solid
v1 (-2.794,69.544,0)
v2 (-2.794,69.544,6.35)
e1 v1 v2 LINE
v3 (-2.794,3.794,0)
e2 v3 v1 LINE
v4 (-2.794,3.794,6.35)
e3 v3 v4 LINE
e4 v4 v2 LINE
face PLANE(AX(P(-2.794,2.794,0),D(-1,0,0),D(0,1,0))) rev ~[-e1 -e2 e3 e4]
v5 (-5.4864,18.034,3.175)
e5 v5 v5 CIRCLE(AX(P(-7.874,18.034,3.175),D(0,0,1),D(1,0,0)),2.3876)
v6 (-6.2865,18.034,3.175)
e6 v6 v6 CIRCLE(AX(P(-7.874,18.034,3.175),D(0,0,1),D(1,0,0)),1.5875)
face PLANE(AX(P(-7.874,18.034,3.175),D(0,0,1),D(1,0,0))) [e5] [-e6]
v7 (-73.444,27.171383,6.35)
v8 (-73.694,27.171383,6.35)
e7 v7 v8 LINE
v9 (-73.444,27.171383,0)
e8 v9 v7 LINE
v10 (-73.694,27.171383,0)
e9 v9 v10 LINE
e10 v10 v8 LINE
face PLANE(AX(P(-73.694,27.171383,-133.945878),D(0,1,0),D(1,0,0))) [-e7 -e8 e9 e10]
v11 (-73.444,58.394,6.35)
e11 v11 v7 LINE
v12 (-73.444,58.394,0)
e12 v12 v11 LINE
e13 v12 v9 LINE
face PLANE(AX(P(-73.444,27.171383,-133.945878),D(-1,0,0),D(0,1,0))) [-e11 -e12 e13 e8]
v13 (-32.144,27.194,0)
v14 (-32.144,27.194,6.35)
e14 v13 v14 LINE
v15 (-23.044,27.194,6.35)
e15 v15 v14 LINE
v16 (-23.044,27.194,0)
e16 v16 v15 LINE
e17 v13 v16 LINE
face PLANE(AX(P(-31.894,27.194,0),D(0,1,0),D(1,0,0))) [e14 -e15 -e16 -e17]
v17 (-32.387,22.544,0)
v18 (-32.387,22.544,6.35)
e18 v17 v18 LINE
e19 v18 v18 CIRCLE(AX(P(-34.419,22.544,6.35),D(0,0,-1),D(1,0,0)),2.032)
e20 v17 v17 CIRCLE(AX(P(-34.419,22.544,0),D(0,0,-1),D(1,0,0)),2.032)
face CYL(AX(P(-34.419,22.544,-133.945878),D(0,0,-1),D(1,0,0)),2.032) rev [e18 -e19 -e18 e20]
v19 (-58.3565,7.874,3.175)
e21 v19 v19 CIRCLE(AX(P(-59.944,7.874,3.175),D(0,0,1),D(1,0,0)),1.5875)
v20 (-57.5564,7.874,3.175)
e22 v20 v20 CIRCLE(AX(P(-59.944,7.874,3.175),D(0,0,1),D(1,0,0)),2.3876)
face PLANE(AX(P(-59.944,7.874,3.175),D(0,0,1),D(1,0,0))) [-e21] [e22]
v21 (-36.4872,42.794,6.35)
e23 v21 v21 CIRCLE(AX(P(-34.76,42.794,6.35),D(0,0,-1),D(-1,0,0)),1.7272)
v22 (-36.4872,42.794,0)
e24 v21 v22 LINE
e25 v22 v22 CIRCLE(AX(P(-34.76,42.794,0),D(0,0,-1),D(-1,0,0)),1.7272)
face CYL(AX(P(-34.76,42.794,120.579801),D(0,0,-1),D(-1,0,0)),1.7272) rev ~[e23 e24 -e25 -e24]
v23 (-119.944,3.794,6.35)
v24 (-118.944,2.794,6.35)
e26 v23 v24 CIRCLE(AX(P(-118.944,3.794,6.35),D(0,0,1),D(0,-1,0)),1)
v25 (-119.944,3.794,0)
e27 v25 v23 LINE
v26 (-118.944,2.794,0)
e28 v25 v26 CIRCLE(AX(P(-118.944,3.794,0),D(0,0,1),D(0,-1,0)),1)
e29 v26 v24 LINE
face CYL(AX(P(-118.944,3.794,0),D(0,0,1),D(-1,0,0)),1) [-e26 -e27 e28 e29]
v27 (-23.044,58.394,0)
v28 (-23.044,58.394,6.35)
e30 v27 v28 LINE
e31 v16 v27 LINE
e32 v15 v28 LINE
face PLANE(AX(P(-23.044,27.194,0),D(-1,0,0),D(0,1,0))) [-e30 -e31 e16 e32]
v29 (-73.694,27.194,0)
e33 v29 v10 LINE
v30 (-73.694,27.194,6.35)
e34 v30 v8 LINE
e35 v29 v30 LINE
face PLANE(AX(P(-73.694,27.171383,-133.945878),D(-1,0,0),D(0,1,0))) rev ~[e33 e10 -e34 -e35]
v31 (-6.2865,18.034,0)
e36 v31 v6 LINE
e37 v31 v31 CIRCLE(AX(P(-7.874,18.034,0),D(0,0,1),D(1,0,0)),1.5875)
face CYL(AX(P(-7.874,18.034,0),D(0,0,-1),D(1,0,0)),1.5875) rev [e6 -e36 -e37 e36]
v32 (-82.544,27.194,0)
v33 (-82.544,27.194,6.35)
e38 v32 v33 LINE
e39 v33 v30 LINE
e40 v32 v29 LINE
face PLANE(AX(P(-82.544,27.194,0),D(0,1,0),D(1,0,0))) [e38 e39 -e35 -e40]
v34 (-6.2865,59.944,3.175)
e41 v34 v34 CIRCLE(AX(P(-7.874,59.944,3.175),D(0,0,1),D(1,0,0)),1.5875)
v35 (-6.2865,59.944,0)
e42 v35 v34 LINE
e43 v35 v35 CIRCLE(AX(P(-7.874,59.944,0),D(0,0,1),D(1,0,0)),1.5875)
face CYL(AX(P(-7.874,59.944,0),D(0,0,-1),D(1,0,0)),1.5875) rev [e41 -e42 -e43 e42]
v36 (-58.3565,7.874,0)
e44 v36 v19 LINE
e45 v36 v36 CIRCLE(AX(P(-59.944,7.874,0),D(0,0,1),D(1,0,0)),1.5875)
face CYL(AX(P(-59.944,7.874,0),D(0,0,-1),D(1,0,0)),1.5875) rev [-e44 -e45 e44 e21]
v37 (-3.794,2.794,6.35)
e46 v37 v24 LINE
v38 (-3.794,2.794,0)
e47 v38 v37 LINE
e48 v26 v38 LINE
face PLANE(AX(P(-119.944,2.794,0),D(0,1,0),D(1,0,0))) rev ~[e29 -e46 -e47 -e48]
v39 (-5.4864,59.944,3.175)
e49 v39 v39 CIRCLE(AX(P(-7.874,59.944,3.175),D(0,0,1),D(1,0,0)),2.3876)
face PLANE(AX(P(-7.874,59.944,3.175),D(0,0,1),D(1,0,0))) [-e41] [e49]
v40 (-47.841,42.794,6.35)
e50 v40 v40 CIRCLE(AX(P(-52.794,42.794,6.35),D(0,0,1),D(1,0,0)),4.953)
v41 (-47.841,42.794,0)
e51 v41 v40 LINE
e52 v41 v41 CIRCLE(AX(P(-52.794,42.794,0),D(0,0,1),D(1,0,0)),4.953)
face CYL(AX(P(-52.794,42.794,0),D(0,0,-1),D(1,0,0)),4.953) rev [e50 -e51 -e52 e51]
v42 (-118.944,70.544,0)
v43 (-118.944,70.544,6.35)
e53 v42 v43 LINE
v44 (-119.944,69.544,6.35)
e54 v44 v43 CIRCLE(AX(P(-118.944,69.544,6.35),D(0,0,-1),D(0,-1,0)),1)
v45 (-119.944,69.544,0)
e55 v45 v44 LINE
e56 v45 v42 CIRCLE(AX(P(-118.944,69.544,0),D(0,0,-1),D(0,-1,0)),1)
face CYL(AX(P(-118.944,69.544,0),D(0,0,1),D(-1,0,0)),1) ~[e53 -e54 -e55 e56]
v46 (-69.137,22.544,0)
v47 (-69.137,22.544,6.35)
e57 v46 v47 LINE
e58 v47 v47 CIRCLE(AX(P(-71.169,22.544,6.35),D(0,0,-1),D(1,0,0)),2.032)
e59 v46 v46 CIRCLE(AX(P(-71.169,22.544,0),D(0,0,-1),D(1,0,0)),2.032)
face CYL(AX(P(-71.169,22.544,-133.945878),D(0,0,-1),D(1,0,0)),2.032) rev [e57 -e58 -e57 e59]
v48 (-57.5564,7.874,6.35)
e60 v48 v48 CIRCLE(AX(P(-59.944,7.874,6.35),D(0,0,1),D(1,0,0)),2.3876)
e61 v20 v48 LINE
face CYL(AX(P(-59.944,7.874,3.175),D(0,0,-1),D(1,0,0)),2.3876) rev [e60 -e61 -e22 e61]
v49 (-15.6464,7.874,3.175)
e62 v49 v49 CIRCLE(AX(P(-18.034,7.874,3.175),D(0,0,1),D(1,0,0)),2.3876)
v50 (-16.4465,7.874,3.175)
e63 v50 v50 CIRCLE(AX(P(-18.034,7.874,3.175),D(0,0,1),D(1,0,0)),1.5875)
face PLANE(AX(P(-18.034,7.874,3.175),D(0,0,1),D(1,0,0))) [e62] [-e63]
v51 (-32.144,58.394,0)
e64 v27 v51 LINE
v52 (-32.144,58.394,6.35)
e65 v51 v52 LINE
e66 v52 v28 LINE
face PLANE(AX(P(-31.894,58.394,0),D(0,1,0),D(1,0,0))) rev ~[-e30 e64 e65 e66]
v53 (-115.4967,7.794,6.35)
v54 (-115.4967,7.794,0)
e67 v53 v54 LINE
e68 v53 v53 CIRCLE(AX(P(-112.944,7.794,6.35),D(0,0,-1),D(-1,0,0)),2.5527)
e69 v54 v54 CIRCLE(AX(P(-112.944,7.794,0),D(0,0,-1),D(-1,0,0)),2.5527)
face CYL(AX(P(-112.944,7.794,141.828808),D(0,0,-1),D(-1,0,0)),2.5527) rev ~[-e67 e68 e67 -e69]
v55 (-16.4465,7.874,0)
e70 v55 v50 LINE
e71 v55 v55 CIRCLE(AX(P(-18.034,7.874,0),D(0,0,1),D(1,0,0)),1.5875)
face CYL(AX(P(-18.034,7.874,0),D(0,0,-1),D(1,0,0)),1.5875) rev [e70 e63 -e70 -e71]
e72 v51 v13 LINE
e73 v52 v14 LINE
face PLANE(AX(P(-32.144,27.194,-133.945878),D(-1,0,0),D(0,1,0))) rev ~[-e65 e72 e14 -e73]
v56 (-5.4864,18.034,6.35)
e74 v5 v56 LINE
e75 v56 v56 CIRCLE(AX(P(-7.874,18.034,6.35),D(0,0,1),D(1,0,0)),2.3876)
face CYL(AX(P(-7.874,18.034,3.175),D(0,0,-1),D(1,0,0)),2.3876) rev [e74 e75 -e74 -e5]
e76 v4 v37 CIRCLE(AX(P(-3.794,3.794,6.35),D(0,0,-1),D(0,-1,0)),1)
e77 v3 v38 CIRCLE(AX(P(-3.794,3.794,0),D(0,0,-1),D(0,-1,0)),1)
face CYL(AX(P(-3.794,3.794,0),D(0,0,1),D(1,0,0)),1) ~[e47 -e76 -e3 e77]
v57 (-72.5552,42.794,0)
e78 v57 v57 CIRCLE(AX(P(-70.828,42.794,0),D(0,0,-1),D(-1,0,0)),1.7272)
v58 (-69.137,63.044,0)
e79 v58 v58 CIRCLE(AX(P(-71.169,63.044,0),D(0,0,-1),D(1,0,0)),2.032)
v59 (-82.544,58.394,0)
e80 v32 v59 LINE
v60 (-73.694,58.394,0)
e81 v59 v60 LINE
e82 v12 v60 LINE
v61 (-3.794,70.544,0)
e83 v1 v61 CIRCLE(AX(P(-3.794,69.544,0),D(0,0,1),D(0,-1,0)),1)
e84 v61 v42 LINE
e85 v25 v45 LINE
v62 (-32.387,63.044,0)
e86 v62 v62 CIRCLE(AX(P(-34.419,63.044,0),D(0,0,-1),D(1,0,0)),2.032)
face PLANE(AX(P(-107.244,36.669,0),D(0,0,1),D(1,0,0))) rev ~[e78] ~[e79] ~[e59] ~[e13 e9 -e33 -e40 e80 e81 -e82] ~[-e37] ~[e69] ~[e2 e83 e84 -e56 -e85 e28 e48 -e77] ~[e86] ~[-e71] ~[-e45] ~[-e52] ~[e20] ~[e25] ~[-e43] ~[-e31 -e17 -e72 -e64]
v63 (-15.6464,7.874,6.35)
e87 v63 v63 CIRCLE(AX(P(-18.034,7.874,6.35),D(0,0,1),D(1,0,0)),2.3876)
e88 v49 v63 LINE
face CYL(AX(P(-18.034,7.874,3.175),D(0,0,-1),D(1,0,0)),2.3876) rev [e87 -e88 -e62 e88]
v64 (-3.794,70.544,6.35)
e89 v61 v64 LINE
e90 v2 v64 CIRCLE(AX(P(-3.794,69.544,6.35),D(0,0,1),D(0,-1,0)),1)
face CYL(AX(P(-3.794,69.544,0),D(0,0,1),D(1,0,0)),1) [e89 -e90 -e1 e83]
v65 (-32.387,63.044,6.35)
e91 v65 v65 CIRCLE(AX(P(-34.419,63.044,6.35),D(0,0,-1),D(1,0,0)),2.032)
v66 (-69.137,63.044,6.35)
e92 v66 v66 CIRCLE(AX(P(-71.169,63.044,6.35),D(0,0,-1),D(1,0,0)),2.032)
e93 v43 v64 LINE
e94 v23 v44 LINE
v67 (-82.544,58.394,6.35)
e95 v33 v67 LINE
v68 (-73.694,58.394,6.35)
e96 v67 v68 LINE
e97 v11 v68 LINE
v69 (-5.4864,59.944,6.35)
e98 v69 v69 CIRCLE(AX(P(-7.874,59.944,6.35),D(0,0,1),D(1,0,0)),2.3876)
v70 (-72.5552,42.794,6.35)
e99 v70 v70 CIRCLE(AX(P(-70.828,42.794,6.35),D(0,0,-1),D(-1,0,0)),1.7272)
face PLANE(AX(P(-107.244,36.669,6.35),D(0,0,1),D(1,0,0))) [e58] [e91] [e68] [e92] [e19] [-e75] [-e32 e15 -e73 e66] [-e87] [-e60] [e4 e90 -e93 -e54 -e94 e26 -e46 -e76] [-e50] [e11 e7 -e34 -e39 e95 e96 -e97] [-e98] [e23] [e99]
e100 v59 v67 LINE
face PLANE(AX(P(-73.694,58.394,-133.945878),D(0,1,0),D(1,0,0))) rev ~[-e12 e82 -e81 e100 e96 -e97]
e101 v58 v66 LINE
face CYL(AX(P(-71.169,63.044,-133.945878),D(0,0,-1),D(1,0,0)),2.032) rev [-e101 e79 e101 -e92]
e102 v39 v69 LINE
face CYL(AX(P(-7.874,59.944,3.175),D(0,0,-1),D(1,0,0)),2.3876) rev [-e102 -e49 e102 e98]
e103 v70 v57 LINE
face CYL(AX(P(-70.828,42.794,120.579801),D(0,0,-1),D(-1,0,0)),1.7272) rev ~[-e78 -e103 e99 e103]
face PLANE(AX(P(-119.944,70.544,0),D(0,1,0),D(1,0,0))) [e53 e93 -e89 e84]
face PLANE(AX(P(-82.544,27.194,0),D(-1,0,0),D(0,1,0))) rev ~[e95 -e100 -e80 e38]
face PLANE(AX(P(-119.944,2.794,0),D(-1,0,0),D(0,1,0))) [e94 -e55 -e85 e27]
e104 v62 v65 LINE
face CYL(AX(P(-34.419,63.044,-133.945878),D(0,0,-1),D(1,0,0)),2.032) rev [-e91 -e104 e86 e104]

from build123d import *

# Parameters (mm, degrees)
SKETCH5_W               = 91.75
SKETCH5_H               = 67.75
SKETCH5_R               = 2.3876
SKETCH5_R_2             = 3.683
SKETCH5_R_3             = 4.953
SKETCH5_W_2             = 8.85
SKETCH5_H_2             = 31.2
SKETCH5_R_4             = 1.5875
BOSS_EXTRUDE1_DEPTH     = 6.35
F_8_32_TAPPED_HOLE1_D   = 3.4544
CUT_EXTRUDE2_START      = 3.175
SKETCH5_3_R             = 2.3876
SKETCH5_3_R_2           = 1.5875
CUT_EXTRUDE2_DEPTH      = 3.175
SKETCH8_W               = 25.4
SKETCH8_H               = 67.75
SKETCH8_R               = 1
BOSS_EXTRUDE2_DEPTH     = 6.35
F_1_4_20_TAPPED_HOLE2_D = 5.1054
CUT_EXTRUDE3_DEPTH      = 140.2958778
CUT_EXTRUDE3_DEPTH_BACK = 140.2958778
SKETCH11_R              = 2.032
CUT_EXTRUDE4_DEPTH      = 140.2958778
CUT_EXTRUDE4_DEPTH_BACK = 140.2958778
SKETCH12_W              = 0.25
SKETCH12_H              = 31.2
SKETCH12_H_2            = 31.222616973
FILLET2_R               = 1


with BuildPart() as part:
    # Sketch5 → Boss-Extrude1 (new body)
    # profile 1 of 6: a face of its own
    with BuildSketch(Plane.XY):
        with Locations((-48.669, 36.669)):
            Rectangle(SKETCH5_W, SKETCH5_H)
        with Locations((-7.874, 18.034)):
            Circle(SKETCH5_R, mode=Mode.SUBTRACT)
        with Locations((-7.874, 59.944)):
            Circle(SKETCH5_R, mode=Mode.SUBTRACT)
        with Locations((-18.034, 7.874)):
            Circle(SKETCH5_R, mode=Mode.SUBTRACT)
        with Locations((-59.944, 7.874)):
            Circle(SKETCH5_R, mode=Mode.SUBTRACT)
        with Locations((-19.9136, 19.9136)):
            Circle(SKETCH5_R_2, mode=Mode.SUBTRACT)
        with Locations((-52.794, 42.794)):
            Circle(SKETCH5_R_3, mode=Mode.SUBTRACT)
        with Locations((-78.119, 42.794)):
            Rectangle(SKETCH5_W_2, SKETCH5_H_2, mode=Mode.SUBTRACT)
        with Locations((-27.469, 42.794)):
            Rectangle(SKETCH5_W_2, SKETCH5_H_2, mode=Mode.SUBTRACT)
    # profile 2 of 6: a face of its own
    with BuildSketch(Plane.XY):
        with Locations((-7.874, 59.944)):
            Circle(SKETCH5_R)
        with Locations((-7.874, 59.944)):
            Circle(SKETCH5_R_4, mode=Mode.SUBTRACT)
    # profile 3 of 6: a face of its own
    with BuildSketch(Plane.XY):
        with Locations((-19.9136, 19.9136)):
            Circle(SKETCH5_R_2)
    # profile 4 of 6: a face of its own
    with BuildSketch(Plane.XY):
        with Locations((-7.874, 18.034)):
            Circle(SKETCH5_R)
        with Locations((-7.874, 18.034)):
            Circle(SKETCH5_R_4, mode=Mode.SUBTRACT)
    # profile 5 of 6: a face of its own
    with BuildSketch(Plane.XY):
        with Locations((-18.034, 7.874)):
            Circle(SKETCH5_R)
        with Locations((-18.034, 7.874)):
            Circle(SKETCH5_R_4, mode=Mode.SUBTRACT)
    # profile 6 of 6: a face of its own
    with BuildSketch(Plane.XY):
        with Locations((-59.944, 7.874)):
            Circle(SKETCH5_R)
        with Locations((-59.944, 7.874)):
            Circle(SKETCH5_R_4, mode=Mode.SUBTRACT)
    extrude(amount=BOSS_EXTRUDE1_DEPTH)

    # #8-32 Tapped Hole1 (through all)
    with Locations(Plane(origin=(-70.828, 42.794, 6.35), x_dir=(1, 0, 0), z_dir=(0, 0, 1))):
        with Locations((0, 0), (36.068, 0)):
            Hole(F_8_32_TAPPED_HOLE1_D / 2)

    # Sketch5<3> → Cut-Extrude2 (cut)
    # profile 1 of 4: a face of its own
    with BuildSketch(Plane.XY.offset(CUT_EXTRUDE2_START)):
        with Locations((-18.034, 7.874)):
            Circle(SKETCH5_3_R)
        with Locations((-18.034, 7.874)):
            Circle(SKETCH5_3_R_2, mode=Mode.SUBTRACT)
    # profile 2 of 4: a face of its own
    with BuildSketch(Plane.XY.offset(CUT_EXTRUDE2_START)):
        with Locations((-7.874, 18.034)):
            Circle(SKETCH5_3_R)
        with Locations((-7.874, 18.034)):
            Circle(SKETCH5_3_R_2, mode=Mode.SUBTRACT)
    # profile 3 of 4: a face of its own
    with BuildSketch(Plane.XY.offset(CUT_EXTRUDE2_START)):
        with Locations((-59.944, 7.874)):
            Circle(SKETCH5_3_R)
        with Locations((-59.944, 7.874)):
            Circle(SKETCH5_3_R_2, mode=Mode.SUBTRACT)
    # profile 4 of 4: a face of its own
    with BuildSketch(Plane.XY.offset(CUT_EXTRUDE2_START)):
        with Locations((-7.874, 59.944)):
            Circle(SKETCH5_3_R)
        with Locations((-7.874, 59.944)):
            Circle(SKETCH5_3_R_2, mode=Mode.SUBTRACT)
    extrude(amount=CUT_EXTRUDE2_DEPTH, mode=Mode.SUBTRACT)

    # Sketch8 → Boss-Extrude2 (add)
    with BuildSketch(Plane.XY):
        with Locations((-107.244, 36.669)):
            Rectangle(SKETCH8_W, SKETCH8_H)
        with Locations((-112.944, 7.794)):
            Circle(SKETCH8_R, mode=Mode.SUBTRACT)
    extrude(amount=BOSS_EXTRUDE2_DEPTH)

    # 1/4-20 Tapped Hole2 (through all)
    with Locations(Plane(origin=(-112.944, 7.794, 6.35), x_dir=(1, 0, 0), z_dir=(0, 0, 1))):
        with Locations((0, 0)):
            Hole(F_1_4_20_TAPPED_HOLE2_D / 2)

    # Sketch11 → Cut-Extrude3 (cut, two sides: drawn at the far end of the back side and taken through both)
    with BuildSketch(Plane.XY.offset(6.35).offset(-CUT_EXTRUDE3_DEPTH_BACK)):
        with Locations((-71.169, 63.044)):
            Circle(SKETCH11_R)
        with Locations((-34.419, 63.044)):
            Circle(SKETCH11_R)
        with Locations((-34.419, 22.544)):
            Circle(SKETCH11_R)
        with Locations((-71.169, 22.544)):
            Circle(SKETCH11_R)
    extrude(amount=CUT_EXTRUDE3_DEPTH + CUT_EXTRUDE3_DEPTH_BACK, mode=Mode.SUBTRACT)

    # Sketch12 → Cut-Extrude4 (cut, two sides: drawn at the far end of the back side and taken through both)
    with BuildSketch(Plane.XY.offset(6.35).offset(-CUT_EXTRUDE4_DEPTH_BACK)):
        with Locations((-32.019, 42.794)):
            Rectangle(SKETCH12_W, SKETCH12_H)
        with Locations((-73.569, 42.782691514)):
            Rectangle(SKETCH12_W, SKETCH12_H_2)
    extrude(amount=CUT_EXTRUDE4_DEPTH + CUT_EXTRUDE4_DEPTH_BACK, mode=Mode.SUBTRACT)

    # Fillet2
    fillet2_edges = [part.edges().sort_by_distance(p)[0] for p in [
        (-119.944, 70.544, 3.175),
        (-2.794, 2.794, 3.175),
        (-2.794, 70.544, 3.175),
        (-119.944, 2.794, 3.175),
    ]]
    fillet(fillet2_edges, radius=FILLET2_R)


solid = part.part
